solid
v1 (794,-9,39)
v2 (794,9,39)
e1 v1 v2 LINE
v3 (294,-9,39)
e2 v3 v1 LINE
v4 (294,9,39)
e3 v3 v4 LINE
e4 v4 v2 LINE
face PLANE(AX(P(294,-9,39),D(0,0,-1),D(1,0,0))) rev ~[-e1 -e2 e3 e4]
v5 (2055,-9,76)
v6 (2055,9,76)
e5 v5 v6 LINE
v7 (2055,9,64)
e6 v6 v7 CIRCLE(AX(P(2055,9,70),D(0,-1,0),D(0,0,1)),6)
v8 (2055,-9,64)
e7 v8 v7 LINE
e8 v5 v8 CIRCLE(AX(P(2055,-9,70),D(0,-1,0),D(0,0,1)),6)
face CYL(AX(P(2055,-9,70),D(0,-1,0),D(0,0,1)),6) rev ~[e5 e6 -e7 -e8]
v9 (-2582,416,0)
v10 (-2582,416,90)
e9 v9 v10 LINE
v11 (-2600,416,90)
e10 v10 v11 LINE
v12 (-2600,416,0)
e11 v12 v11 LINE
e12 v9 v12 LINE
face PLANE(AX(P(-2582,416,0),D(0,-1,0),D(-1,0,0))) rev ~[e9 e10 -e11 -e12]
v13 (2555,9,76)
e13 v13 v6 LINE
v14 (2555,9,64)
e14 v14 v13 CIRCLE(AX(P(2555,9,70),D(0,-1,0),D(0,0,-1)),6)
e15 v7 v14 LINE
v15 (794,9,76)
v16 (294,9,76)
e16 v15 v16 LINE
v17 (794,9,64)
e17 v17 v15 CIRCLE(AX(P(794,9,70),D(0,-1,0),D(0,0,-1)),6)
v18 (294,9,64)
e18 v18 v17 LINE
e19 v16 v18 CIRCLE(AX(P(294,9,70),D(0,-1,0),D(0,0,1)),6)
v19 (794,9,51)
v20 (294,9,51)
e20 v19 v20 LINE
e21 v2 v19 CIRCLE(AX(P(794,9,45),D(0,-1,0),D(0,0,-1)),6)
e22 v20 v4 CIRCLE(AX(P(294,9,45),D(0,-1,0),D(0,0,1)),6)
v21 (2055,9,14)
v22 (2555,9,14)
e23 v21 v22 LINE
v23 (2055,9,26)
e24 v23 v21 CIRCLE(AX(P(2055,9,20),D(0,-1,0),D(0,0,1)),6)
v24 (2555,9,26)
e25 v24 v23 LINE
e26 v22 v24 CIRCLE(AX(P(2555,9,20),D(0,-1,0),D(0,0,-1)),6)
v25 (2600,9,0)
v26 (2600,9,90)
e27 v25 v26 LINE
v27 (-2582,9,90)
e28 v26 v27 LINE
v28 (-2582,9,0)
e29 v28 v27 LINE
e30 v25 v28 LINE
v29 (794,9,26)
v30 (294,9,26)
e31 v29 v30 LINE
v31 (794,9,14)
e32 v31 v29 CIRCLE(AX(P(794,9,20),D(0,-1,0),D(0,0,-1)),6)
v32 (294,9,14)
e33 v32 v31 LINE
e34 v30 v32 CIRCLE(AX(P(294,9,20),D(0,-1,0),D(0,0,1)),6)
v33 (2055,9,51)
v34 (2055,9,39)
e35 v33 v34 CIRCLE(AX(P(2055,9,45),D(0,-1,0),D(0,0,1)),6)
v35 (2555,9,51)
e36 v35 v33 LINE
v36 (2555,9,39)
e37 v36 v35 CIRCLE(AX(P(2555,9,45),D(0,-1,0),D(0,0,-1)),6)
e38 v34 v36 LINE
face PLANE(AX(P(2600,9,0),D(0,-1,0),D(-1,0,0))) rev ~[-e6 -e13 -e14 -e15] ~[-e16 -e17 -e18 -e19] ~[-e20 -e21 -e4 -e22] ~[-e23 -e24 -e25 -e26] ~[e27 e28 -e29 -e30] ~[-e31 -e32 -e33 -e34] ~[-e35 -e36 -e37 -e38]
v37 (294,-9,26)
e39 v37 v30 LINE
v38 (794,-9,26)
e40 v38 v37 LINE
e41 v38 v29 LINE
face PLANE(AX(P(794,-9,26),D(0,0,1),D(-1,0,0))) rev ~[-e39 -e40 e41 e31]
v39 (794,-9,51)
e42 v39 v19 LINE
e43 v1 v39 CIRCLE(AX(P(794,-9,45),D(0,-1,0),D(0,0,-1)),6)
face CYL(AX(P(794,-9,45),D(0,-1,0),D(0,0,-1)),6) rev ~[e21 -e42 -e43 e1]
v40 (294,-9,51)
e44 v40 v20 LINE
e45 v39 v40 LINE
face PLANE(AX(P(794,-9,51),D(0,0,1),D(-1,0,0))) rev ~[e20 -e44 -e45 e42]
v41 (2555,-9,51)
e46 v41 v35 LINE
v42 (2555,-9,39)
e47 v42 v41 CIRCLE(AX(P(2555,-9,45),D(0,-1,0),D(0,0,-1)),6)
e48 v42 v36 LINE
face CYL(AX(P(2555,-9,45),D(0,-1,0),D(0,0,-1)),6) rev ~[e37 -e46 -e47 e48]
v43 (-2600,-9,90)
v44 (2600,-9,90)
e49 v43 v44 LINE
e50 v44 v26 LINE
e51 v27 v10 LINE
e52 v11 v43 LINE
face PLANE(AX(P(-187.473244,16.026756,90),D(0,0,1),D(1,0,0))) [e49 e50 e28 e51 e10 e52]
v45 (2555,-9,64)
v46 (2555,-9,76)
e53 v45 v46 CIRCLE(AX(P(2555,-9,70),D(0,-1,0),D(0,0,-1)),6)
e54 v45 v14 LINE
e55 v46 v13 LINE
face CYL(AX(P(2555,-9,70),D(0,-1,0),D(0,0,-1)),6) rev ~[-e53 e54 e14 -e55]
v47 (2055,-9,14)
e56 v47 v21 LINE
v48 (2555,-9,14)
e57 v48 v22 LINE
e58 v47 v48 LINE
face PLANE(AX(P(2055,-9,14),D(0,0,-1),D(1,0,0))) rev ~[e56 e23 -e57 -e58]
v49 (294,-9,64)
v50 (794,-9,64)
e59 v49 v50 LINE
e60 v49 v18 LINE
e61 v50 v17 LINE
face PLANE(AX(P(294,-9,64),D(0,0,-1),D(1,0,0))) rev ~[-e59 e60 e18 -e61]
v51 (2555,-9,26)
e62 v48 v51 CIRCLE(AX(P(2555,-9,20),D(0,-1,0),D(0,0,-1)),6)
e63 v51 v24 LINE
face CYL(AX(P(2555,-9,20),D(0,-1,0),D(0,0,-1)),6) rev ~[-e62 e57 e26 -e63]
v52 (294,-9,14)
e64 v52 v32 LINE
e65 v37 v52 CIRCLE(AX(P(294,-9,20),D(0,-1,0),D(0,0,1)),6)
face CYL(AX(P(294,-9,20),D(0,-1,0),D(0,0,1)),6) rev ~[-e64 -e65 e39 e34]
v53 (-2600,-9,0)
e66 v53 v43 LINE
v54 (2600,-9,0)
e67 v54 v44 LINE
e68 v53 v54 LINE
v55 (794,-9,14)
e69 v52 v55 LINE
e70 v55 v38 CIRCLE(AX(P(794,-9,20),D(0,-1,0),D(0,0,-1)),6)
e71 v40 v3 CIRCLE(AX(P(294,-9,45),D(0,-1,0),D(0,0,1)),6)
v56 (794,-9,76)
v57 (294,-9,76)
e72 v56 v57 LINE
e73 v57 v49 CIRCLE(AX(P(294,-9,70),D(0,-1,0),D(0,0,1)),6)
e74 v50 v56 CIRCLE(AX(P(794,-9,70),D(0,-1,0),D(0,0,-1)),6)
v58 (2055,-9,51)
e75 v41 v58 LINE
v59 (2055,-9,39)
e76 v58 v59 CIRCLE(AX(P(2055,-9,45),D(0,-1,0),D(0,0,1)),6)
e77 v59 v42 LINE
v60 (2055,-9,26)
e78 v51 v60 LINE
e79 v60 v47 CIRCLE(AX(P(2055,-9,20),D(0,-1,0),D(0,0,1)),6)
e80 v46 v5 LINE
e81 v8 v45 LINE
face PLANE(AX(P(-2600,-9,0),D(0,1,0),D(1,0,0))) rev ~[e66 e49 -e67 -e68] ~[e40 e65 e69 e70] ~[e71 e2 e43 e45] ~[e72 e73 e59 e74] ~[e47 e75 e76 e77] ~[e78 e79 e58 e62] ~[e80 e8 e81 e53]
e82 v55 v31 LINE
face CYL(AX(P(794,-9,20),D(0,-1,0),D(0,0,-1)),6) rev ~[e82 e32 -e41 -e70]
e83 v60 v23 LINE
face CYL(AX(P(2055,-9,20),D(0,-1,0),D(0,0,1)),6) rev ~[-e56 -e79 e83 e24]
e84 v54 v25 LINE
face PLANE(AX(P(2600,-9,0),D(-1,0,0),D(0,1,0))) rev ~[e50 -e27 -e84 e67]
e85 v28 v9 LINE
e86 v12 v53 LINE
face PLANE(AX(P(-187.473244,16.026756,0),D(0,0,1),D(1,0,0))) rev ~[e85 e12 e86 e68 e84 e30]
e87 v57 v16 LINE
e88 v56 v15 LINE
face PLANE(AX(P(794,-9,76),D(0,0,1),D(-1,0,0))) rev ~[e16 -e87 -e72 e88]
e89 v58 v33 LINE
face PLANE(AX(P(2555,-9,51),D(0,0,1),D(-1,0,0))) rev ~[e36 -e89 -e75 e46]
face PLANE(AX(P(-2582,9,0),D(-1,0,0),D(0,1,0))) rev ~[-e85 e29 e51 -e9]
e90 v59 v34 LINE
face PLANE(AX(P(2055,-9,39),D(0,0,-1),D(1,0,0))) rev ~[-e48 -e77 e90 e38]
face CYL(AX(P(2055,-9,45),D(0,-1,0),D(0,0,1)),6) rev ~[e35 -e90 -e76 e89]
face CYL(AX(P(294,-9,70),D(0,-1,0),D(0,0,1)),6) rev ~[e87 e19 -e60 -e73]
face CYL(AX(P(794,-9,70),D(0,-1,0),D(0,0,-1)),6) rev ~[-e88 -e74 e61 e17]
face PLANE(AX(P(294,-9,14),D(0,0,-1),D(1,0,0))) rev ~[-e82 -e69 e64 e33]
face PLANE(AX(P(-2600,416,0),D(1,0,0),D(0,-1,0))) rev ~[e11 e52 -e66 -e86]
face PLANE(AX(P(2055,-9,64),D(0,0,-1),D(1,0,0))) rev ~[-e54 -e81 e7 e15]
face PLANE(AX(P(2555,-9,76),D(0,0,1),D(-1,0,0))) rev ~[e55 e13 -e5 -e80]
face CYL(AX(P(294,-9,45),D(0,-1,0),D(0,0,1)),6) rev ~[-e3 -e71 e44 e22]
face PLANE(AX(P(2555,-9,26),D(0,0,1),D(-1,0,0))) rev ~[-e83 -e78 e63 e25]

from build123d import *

# Parameters (mm, degrees)
F1_DEPTH = 90
F3_DEPTH = 18


with BuildPart() as f1:
    # F0 (on Top) → F1 (new body)
    with BuildSketch(Plane.XY):
        Polygon((2600, -9), (2600, 9), (-2582, 9), (-2582, 416), (-2600, 416), (-2600, 9), (-2600, -9), align=None)
    extrude(amount=F1_DEPTH)

    # F2 (on face) → F3 (cut)
    with BuildSketch(Plane.XZ.offset(9)):
        with BuildLine():
            Line((2555, 76), (2055, 76))
            ThreePointArc((2055, 76), (2049, 70), (2055, 64))
            Line((2055, 64), (2555, 64))
            ThreePointArc((2555, 64), (2561, 70), (2555, 76))
        make_face()
        with BuildLine():
            Line((2555, 51), (2055, 51))
            ThreePointArc((2055, 51), (2049, 45), (2055, 39))
            Line((2055, 39), (2555, 39))
            ThreePointArc((2555, 39), (2561, 45), (2555, 51))
        make_face()
        with BuildLine():
            Line((2555, 26), (2055, 26))
            ThreePointArc((2055, 26), (2049, 20), (2055, 14))
            Line((2055, 14), (2555, 14))
            ThreePointArc((2555, 14), (2561, 20), (2555, 26))
        make_face()
        with BuildLine():
            Line((794, 76), (294, 76))
            ThreePointArc((294, 76), (288, 70), (294, 64))
            Line((294, 64), (794, 64))
            ThreePointArc((794, 64), (800, 70), (794, 76))
        make_face()
        with BuildLine():
            Line((794, 51), (294, 51))
            ThreePointArc((294, 51), (288, 45), (294, 39))
            Line((294, 39), (794, 39))
            ThreePointArc((794, 39), (800, 45), (794, 51))
        make_face()
        with BuildLine():
            Line((794, 26), (294, 26))
            ThreePointArc((294, 26), (288, 20), (294, 14))
            Line((294, 14), (794, 14))
            ThreePointArc((794, 14), (800, 20), (794, 26))
        make_face()
    extrude(amount=-F3_DEPTH, mode=Mode.SUBTRACT)


solid = f1.part
